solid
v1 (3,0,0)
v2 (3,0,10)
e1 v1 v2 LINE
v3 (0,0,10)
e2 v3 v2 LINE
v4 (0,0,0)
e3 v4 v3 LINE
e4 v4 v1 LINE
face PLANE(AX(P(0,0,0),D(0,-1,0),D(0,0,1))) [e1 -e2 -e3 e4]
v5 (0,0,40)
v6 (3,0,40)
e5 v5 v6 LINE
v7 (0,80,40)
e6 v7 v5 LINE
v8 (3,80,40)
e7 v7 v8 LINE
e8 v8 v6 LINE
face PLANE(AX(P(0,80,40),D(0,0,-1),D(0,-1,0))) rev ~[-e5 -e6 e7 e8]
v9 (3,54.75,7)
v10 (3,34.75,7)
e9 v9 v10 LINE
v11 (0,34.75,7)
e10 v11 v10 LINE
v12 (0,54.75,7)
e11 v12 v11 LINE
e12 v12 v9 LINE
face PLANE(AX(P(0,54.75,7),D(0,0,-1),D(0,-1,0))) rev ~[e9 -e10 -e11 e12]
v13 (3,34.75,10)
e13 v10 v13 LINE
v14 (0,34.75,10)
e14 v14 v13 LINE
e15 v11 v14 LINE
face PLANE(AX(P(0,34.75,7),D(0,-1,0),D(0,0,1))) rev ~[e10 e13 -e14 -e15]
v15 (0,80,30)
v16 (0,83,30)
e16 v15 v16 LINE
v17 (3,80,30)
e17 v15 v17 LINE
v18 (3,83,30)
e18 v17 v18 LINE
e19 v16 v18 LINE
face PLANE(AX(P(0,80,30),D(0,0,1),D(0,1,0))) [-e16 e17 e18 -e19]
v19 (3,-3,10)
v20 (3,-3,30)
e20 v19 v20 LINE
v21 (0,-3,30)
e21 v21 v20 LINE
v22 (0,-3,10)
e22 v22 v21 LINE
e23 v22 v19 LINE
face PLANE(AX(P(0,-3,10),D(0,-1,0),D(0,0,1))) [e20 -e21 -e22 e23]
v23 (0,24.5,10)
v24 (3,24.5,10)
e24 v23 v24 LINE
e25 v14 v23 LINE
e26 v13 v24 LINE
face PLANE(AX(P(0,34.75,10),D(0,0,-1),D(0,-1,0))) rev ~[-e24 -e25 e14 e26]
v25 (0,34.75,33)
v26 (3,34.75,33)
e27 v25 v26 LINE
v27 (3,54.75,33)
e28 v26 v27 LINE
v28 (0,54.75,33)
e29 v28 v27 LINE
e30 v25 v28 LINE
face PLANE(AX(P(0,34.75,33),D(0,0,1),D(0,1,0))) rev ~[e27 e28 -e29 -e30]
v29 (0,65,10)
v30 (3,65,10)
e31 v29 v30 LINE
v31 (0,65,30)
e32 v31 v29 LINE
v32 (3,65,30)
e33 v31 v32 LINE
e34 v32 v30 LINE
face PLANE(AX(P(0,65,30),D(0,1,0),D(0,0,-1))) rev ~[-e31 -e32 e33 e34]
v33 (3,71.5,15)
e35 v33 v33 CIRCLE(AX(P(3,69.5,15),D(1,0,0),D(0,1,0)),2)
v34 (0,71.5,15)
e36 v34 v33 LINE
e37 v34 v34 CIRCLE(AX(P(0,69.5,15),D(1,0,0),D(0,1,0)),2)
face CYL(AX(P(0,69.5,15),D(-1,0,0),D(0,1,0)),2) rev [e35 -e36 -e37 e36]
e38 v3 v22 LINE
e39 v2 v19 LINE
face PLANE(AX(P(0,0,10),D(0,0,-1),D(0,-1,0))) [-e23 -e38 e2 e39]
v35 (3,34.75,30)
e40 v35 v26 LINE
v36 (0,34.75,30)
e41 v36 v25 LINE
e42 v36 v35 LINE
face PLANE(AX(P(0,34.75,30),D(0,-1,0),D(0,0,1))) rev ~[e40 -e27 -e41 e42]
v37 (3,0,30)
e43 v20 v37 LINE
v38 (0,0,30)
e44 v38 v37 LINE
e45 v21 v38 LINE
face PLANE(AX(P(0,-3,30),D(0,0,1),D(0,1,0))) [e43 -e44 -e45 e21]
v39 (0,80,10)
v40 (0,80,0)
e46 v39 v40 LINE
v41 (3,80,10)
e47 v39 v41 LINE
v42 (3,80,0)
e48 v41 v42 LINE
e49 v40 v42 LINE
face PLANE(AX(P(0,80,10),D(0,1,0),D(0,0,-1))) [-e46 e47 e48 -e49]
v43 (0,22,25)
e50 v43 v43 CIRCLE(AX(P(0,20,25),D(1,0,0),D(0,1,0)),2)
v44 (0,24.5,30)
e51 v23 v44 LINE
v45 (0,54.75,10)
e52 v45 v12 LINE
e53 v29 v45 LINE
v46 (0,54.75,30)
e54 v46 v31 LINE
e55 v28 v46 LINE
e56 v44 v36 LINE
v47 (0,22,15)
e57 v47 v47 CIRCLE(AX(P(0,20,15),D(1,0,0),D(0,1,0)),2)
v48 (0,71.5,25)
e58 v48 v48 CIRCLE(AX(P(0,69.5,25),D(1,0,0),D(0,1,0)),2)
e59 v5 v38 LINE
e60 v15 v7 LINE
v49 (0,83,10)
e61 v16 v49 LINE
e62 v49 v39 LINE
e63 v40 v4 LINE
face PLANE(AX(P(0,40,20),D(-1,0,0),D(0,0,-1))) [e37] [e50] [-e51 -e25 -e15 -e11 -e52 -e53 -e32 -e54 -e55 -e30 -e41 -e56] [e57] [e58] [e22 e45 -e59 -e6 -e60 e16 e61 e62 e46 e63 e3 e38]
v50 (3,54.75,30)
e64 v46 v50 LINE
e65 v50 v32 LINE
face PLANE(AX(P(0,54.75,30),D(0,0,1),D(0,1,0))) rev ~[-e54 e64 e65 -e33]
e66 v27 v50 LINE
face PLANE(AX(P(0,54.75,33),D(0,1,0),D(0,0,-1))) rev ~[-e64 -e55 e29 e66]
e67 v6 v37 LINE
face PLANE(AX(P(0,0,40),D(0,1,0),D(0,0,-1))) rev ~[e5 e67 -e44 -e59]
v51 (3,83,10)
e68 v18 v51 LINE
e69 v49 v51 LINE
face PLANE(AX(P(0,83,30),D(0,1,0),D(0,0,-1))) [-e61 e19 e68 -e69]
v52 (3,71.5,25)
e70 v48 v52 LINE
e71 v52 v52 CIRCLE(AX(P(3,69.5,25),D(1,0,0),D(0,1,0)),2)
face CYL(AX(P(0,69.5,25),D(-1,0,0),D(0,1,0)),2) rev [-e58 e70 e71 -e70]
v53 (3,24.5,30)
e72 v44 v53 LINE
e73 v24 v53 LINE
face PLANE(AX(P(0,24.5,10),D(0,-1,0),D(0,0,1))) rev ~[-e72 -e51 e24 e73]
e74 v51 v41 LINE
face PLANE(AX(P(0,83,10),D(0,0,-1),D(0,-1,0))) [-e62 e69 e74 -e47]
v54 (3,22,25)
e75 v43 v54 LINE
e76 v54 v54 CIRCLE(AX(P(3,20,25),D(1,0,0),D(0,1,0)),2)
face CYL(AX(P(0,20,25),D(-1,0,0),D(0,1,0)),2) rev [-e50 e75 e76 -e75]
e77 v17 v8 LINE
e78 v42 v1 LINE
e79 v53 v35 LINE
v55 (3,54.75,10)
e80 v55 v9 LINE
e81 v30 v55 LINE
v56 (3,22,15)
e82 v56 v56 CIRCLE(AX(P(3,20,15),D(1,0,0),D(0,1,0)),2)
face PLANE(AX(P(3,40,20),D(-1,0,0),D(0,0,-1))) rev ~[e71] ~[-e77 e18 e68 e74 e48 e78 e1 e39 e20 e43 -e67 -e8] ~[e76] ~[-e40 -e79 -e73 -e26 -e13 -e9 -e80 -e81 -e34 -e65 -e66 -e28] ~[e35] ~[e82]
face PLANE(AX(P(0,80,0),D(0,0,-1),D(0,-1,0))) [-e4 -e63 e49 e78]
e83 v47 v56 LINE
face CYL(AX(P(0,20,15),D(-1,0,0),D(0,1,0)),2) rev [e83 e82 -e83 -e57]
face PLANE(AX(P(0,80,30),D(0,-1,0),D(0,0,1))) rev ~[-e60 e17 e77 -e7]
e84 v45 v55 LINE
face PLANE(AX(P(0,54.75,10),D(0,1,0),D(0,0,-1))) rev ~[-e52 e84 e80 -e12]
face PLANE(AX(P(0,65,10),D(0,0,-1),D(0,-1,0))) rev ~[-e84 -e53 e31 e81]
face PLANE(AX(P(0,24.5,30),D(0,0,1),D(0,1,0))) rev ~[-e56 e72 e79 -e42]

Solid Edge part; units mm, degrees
sketch "Sketch1" plane through (0, 0, 0) normal (1, 0, 0) x (0, 1, 0)
  line L0 (65, 30) -> (65, 10)
  line L1 (65, 10) -> (54.75, 10)
  line L2 (54.75, 10) -> (54.75, 7)
  line L3 (54.75, 7) -> (34.75, 7)
  line L4 (34.75, 7) -> (34.75, 10)
  line L5 (34.75, 10) -> (24.5, 10)
  line L6 (24.5, 10) -> (24.5, 30)
  line L7 (24.5, 30) -> (34.75, 30)
  line L8 (34.75, 30) -> (34.75, 33)
  line L9 (34.75, 33) -> (54.75, 33)
  line L10 (54.75, 33) -> (54.75, 30)
  line L11 (54.75, 30) -> (65, 30)
  circle A0 centre (69.5, 25) radius 2
  circle A1 centre (69.5, 15) radius 2
  circle A2 centre (20, 15) radius 2
  circle A3 centre (20, 25) radius 2
  line L12 (83, 30) -> (83, 10)
  line L13 (83, 10) -> (80, 10)
  line L14 (80, 10) -> (80, 0)
  line L15 (80, 0) -> (0, 0)
  line L16 (0, 0) -> (0, 10)
  line L17 (0, 10) -> (-3, 10)
  line L18 (-3, 10) -> (-3, 30)
  line L19 (-3, 30) -> (0, 30)
  line L20 (0, 40) -> (0, 30)
  line L21 (80, 40) -> (0, 40)
  line L22 (80, 30) -> (80, 40)
  line L23 (80, 30) -> (83, 30)
  dimension "D1" = 20
  dimension "D2" = 3
  dimension "D3" = 80
  dimension "D4" = 10
  dimension "D5" = 40.5
  dimension "D6" = 20
  dimension "D7" = 20
  dimension "D8" = 10
  dimension "D9" = 4
  dimension "D10" = 5
  dimension "D11" = 4.5
  dimension "D12" = 4.5
  dimension "D13" = 10
  dimension "D14" = 15
extrude "Protrusion1" add sketch "Sketch1" along normal blind 3
properties material "Acier"
